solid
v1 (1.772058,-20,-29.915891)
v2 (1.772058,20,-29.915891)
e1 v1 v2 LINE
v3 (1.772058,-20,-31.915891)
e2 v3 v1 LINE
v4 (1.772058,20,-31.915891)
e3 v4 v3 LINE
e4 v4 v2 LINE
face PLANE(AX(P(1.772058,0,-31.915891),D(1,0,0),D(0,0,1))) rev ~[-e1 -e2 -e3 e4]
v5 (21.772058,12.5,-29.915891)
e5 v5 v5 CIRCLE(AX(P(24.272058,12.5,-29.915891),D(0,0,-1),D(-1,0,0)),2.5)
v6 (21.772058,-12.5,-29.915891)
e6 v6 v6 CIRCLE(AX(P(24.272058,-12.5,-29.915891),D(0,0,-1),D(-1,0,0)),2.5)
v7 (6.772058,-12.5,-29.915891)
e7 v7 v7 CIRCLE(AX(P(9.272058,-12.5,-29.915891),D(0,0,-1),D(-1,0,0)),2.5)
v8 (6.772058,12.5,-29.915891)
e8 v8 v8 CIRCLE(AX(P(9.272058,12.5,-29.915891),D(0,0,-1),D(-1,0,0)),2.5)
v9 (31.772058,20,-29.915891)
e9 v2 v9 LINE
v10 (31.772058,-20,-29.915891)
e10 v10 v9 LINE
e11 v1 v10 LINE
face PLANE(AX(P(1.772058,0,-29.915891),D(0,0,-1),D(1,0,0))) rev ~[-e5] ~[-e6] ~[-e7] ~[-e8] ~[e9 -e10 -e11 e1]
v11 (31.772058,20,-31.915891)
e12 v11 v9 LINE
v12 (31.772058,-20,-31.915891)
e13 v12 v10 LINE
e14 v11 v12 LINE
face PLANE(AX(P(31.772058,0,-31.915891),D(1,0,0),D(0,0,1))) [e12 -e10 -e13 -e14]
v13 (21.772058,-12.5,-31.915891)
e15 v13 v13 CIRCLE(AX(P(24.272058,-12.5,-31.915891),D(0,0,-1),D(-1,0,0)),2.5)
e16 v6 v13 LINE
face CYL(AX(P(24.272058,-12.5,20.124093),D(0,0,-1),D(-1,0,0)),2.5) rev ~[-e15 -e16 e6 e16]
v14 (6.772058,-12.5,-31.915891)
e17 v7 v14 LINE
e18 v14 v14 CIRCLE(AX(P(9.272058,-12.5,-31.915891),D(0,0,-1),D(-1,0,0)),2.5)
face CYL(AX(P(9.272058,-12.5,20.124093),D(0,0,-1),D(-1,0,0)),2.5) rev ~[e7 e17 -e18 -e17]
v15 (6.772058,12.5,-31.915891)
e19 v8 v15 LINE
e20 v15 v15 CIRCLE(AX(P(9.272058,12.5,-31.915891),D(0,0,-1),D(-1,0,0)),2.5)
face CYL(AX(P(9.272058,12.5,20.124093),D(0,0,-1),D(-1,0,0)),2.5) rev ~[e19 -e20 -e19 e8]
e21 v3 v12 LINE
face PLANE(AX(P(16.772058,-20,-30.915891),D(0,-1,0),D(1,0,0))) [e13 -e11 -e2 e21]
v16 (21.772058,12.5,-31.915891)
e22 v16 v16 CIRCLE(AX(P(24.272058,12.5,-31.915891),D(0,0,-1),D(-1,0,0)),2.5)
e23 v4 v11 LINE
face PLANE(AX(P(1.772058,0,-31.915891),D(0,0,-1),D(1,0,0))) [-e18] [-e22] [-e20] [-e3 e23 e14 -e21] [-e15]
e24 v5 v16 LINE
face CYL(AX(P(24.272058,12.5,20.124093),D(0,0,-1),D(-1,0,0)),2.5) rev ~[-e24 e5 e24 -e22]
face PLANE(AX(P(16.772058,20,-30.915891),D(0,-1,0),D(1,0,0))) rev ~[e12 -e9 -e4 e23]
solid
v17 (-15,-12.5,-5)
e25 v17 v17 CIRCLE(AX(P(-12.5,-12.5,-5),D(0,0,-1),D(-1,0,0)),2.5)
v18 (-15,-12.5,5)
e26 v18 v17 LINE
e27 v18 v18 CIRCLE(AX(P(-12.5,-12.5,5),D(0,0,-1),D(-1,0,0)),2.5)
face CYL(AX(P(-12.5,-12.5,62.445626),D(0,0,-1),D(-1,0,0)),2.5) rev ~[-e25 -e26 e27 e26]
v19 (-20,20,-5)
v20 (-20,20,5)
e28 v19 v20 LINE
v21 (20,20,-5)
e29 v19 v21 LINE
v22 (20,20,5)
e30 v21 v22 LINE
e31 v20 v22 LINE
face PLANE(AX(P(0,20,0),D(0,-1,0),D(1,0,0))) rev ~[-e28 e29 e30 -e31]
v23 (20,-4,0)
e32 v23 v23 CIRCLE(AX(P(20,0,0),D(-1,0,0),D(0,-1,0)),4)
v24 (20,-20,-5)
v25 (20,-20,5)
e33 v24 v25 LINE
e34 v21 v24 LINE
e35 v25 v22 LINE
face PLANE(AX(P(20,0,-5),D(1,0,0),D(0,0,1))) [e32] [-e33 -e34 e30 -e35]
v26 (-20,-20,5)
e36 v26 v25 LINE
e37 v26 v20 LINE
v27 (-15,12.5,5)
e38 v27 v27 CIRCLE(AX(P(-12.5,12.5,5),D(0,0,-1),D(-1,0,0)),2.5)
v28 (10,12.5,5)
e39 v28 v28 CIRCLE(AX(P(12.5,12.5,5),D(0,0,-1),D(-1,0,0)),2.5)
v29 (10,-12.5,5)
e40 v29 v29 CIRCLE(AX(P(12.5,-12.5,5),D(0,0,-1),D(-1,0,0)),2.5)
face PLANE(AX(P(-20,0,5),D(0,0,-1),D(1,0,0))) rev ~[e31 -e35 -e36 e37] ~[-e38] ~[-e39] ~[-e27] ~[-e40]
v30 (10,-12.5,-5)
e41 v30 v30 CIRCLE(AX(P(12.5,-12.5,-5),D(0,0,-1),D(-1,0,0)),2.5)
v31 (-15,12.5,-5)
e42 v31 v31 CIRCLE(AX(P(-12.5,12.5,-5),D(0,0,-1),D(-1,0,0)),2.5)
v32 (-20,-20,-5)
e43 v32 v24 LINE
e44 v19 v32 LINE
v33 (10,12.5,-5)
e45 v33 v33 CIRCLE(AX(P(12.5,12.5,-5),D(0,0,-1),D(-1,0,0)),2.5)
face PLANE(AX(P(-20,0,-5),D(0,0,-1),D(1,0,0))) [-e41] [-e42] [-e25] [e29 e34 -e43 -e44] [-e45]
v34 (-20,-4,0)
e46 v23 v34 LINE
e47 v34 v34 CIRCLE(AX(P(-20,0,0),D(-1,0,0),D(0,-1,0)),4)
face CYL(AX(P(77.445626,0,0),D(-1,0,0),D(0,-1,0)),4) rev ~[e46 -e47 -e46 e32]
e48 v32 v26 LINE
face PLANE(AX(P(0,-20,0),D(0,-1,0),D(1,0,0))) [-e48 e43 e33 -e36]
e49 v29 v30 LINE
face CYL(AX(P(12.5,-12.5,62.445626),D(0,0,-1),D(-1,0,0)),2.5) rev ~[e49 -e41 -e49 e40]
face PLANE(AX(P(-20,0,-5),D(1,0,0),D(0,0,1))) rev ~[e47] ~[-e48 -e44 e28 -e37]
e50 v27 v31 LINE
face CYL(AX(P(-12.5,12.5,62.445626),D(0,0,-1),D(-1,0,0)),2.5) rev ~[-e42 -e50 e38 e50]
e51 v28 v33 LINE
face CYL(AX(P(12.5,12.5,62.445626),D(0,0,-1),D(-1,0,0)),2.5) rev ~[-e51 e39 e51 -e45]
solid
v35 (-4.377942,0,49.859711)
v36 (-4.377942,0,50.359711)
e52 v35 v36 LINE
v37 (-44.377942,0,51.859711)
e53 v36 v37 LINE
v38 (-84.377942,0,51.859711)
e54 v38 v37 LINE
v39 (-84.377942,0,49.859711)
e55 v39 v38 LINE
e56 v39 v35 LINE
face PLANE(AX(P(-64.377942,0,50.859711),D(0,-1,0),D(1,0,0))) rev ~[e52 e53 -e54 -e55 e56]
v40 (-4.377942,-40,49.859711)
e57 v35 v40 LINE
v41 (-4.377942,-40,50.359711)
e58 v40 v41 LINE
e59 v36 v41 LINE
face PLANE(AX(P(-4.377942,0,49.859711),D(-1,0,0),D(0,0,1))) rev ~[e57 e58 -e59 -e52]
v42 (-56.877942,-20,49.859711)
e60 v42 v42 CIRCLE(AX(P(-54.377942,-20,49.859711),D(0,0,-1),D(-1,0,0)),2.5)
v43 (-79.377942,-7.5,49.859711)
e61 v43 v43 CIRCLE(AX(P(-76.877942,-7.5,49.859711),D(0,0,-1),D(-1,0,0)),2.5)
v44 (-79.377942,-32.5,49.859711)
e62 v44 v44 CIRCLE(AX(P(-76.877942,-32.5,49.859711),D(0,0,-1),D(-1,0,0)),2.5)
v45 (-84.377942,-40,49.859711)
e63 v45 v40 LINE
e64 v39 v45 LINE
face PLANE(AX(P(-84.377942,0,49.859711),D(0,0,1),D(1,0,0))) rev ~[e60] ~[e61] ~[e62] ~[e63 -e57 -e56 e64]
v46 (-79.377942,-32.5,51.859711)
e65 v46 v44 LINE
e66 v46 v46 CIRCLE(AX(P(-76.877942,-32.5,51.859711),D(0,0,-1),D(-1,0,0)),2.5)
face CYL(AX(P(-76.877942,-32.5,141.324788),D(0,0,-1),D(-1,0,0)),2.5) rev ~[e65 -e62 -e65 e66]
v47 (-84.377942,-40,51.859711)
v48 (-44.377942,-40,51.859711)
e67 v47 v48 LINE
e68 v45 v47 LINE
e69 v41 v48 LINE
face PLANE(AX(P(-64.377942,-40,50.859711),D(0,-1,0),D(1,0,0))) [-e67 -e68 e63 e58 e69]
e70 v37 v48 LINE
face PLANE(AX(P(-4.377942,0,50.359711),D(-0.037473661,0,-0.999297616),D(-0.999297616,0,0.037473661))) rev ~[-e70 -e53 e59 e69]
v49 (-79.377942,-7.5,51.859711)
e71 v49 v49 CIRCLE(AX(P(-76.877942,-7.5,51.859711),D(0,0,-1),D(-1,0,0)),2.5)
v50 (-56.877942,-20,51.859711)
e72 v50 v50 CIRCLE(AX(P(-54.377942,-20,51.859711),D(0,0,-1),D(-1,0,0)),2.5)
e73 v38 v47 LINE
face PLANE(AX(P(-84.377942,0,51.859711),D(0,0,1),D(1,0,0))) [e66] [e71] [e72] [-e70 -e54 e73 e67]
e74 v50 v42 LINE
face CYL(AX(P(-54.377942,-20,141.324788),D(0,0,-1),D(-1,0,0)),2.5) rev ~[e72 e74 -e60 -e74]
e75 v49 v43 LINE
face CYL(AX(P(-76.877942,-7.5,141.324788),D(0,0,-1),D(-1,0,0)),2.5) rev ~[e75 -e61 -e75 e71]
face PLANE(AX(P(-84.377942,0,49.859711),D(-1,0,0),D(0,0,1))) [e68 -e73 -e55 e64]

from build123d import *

# Parameters (mm, degrees)
F0_W      = 40
F0_H      = 10
F1_DEPTH  = 20
F3_D      = 8
F5_D      = 5
F6_W      = 30
F6_H      = 2
F7_DEPTH  = 20
F9_D      = 5
F10_W     = 40
F10_H     = 2
F11_DEPTH = 40
F13_D     = 5


with BuildPart() as f1:
    # F0 (on Front) → F1 (new body, symmetric)
    with BuildSketch(Plane.XZ):
        Rectangle(F0_W, F0_H)
    extrude(amount=F1_DEPTH, both=True)

    # F3 (through all)
    with Locations(Plane.YZ.offset(20)):
        with Locations((0, 0)):
            Hole(F3_D / 2)

    # F5 (through all)
    with Locations(Plane.XY.offset(5)):
        with Locations((12.5, 12.5), (-12.5, 12.5), (-12.5, -12.5), (12.5, -12.5)):
            Hole(F5_D / 2)


with BuildPart() as f7:
    # F6 (on Front) → F7 (new body, symmetric)
    with BuildSketch(Plane.XZ):
        with Locations((16.772058, -30.915891)):
            Rectangle(F6_W, F6_H)
    extrude(amount=F7_DEPTH, both=True)

    # F9 (through all)
    with Locations(Plane.XY.offset(-29.915891)):
        with Locations((9.272058, 12.5), (9.272058, -12.5), (24.272058, -12.5), (24.272058, 12.5)):
            Hole(F9_D / 2)


with BuildPart() as f11:
    # F10 (on Front) → F11 (new body)
    with BuildSketch(Plane.XZ):
        with Locations((-64.377942, 50.859711)):
            Rectangle(F10_W, F10_H)
        Polygon((-44.377942, 51.859711), (-44.377942, 49.859711), (-4.377942, 49.859711), (-4.377942, 50.359711), align=None)
    extrude(amount=F11_DEPTH)

    # F13 (through all)
    with Locations(Plane.XY.offset(51.859711)):
        with Locations((-76.877942, -7.5), (-76.877942, -32.5), (-54.377942, -20)):
            Hole(F13_D / 2)


solid = Compound([f1.part, f7.part, f11.part])
